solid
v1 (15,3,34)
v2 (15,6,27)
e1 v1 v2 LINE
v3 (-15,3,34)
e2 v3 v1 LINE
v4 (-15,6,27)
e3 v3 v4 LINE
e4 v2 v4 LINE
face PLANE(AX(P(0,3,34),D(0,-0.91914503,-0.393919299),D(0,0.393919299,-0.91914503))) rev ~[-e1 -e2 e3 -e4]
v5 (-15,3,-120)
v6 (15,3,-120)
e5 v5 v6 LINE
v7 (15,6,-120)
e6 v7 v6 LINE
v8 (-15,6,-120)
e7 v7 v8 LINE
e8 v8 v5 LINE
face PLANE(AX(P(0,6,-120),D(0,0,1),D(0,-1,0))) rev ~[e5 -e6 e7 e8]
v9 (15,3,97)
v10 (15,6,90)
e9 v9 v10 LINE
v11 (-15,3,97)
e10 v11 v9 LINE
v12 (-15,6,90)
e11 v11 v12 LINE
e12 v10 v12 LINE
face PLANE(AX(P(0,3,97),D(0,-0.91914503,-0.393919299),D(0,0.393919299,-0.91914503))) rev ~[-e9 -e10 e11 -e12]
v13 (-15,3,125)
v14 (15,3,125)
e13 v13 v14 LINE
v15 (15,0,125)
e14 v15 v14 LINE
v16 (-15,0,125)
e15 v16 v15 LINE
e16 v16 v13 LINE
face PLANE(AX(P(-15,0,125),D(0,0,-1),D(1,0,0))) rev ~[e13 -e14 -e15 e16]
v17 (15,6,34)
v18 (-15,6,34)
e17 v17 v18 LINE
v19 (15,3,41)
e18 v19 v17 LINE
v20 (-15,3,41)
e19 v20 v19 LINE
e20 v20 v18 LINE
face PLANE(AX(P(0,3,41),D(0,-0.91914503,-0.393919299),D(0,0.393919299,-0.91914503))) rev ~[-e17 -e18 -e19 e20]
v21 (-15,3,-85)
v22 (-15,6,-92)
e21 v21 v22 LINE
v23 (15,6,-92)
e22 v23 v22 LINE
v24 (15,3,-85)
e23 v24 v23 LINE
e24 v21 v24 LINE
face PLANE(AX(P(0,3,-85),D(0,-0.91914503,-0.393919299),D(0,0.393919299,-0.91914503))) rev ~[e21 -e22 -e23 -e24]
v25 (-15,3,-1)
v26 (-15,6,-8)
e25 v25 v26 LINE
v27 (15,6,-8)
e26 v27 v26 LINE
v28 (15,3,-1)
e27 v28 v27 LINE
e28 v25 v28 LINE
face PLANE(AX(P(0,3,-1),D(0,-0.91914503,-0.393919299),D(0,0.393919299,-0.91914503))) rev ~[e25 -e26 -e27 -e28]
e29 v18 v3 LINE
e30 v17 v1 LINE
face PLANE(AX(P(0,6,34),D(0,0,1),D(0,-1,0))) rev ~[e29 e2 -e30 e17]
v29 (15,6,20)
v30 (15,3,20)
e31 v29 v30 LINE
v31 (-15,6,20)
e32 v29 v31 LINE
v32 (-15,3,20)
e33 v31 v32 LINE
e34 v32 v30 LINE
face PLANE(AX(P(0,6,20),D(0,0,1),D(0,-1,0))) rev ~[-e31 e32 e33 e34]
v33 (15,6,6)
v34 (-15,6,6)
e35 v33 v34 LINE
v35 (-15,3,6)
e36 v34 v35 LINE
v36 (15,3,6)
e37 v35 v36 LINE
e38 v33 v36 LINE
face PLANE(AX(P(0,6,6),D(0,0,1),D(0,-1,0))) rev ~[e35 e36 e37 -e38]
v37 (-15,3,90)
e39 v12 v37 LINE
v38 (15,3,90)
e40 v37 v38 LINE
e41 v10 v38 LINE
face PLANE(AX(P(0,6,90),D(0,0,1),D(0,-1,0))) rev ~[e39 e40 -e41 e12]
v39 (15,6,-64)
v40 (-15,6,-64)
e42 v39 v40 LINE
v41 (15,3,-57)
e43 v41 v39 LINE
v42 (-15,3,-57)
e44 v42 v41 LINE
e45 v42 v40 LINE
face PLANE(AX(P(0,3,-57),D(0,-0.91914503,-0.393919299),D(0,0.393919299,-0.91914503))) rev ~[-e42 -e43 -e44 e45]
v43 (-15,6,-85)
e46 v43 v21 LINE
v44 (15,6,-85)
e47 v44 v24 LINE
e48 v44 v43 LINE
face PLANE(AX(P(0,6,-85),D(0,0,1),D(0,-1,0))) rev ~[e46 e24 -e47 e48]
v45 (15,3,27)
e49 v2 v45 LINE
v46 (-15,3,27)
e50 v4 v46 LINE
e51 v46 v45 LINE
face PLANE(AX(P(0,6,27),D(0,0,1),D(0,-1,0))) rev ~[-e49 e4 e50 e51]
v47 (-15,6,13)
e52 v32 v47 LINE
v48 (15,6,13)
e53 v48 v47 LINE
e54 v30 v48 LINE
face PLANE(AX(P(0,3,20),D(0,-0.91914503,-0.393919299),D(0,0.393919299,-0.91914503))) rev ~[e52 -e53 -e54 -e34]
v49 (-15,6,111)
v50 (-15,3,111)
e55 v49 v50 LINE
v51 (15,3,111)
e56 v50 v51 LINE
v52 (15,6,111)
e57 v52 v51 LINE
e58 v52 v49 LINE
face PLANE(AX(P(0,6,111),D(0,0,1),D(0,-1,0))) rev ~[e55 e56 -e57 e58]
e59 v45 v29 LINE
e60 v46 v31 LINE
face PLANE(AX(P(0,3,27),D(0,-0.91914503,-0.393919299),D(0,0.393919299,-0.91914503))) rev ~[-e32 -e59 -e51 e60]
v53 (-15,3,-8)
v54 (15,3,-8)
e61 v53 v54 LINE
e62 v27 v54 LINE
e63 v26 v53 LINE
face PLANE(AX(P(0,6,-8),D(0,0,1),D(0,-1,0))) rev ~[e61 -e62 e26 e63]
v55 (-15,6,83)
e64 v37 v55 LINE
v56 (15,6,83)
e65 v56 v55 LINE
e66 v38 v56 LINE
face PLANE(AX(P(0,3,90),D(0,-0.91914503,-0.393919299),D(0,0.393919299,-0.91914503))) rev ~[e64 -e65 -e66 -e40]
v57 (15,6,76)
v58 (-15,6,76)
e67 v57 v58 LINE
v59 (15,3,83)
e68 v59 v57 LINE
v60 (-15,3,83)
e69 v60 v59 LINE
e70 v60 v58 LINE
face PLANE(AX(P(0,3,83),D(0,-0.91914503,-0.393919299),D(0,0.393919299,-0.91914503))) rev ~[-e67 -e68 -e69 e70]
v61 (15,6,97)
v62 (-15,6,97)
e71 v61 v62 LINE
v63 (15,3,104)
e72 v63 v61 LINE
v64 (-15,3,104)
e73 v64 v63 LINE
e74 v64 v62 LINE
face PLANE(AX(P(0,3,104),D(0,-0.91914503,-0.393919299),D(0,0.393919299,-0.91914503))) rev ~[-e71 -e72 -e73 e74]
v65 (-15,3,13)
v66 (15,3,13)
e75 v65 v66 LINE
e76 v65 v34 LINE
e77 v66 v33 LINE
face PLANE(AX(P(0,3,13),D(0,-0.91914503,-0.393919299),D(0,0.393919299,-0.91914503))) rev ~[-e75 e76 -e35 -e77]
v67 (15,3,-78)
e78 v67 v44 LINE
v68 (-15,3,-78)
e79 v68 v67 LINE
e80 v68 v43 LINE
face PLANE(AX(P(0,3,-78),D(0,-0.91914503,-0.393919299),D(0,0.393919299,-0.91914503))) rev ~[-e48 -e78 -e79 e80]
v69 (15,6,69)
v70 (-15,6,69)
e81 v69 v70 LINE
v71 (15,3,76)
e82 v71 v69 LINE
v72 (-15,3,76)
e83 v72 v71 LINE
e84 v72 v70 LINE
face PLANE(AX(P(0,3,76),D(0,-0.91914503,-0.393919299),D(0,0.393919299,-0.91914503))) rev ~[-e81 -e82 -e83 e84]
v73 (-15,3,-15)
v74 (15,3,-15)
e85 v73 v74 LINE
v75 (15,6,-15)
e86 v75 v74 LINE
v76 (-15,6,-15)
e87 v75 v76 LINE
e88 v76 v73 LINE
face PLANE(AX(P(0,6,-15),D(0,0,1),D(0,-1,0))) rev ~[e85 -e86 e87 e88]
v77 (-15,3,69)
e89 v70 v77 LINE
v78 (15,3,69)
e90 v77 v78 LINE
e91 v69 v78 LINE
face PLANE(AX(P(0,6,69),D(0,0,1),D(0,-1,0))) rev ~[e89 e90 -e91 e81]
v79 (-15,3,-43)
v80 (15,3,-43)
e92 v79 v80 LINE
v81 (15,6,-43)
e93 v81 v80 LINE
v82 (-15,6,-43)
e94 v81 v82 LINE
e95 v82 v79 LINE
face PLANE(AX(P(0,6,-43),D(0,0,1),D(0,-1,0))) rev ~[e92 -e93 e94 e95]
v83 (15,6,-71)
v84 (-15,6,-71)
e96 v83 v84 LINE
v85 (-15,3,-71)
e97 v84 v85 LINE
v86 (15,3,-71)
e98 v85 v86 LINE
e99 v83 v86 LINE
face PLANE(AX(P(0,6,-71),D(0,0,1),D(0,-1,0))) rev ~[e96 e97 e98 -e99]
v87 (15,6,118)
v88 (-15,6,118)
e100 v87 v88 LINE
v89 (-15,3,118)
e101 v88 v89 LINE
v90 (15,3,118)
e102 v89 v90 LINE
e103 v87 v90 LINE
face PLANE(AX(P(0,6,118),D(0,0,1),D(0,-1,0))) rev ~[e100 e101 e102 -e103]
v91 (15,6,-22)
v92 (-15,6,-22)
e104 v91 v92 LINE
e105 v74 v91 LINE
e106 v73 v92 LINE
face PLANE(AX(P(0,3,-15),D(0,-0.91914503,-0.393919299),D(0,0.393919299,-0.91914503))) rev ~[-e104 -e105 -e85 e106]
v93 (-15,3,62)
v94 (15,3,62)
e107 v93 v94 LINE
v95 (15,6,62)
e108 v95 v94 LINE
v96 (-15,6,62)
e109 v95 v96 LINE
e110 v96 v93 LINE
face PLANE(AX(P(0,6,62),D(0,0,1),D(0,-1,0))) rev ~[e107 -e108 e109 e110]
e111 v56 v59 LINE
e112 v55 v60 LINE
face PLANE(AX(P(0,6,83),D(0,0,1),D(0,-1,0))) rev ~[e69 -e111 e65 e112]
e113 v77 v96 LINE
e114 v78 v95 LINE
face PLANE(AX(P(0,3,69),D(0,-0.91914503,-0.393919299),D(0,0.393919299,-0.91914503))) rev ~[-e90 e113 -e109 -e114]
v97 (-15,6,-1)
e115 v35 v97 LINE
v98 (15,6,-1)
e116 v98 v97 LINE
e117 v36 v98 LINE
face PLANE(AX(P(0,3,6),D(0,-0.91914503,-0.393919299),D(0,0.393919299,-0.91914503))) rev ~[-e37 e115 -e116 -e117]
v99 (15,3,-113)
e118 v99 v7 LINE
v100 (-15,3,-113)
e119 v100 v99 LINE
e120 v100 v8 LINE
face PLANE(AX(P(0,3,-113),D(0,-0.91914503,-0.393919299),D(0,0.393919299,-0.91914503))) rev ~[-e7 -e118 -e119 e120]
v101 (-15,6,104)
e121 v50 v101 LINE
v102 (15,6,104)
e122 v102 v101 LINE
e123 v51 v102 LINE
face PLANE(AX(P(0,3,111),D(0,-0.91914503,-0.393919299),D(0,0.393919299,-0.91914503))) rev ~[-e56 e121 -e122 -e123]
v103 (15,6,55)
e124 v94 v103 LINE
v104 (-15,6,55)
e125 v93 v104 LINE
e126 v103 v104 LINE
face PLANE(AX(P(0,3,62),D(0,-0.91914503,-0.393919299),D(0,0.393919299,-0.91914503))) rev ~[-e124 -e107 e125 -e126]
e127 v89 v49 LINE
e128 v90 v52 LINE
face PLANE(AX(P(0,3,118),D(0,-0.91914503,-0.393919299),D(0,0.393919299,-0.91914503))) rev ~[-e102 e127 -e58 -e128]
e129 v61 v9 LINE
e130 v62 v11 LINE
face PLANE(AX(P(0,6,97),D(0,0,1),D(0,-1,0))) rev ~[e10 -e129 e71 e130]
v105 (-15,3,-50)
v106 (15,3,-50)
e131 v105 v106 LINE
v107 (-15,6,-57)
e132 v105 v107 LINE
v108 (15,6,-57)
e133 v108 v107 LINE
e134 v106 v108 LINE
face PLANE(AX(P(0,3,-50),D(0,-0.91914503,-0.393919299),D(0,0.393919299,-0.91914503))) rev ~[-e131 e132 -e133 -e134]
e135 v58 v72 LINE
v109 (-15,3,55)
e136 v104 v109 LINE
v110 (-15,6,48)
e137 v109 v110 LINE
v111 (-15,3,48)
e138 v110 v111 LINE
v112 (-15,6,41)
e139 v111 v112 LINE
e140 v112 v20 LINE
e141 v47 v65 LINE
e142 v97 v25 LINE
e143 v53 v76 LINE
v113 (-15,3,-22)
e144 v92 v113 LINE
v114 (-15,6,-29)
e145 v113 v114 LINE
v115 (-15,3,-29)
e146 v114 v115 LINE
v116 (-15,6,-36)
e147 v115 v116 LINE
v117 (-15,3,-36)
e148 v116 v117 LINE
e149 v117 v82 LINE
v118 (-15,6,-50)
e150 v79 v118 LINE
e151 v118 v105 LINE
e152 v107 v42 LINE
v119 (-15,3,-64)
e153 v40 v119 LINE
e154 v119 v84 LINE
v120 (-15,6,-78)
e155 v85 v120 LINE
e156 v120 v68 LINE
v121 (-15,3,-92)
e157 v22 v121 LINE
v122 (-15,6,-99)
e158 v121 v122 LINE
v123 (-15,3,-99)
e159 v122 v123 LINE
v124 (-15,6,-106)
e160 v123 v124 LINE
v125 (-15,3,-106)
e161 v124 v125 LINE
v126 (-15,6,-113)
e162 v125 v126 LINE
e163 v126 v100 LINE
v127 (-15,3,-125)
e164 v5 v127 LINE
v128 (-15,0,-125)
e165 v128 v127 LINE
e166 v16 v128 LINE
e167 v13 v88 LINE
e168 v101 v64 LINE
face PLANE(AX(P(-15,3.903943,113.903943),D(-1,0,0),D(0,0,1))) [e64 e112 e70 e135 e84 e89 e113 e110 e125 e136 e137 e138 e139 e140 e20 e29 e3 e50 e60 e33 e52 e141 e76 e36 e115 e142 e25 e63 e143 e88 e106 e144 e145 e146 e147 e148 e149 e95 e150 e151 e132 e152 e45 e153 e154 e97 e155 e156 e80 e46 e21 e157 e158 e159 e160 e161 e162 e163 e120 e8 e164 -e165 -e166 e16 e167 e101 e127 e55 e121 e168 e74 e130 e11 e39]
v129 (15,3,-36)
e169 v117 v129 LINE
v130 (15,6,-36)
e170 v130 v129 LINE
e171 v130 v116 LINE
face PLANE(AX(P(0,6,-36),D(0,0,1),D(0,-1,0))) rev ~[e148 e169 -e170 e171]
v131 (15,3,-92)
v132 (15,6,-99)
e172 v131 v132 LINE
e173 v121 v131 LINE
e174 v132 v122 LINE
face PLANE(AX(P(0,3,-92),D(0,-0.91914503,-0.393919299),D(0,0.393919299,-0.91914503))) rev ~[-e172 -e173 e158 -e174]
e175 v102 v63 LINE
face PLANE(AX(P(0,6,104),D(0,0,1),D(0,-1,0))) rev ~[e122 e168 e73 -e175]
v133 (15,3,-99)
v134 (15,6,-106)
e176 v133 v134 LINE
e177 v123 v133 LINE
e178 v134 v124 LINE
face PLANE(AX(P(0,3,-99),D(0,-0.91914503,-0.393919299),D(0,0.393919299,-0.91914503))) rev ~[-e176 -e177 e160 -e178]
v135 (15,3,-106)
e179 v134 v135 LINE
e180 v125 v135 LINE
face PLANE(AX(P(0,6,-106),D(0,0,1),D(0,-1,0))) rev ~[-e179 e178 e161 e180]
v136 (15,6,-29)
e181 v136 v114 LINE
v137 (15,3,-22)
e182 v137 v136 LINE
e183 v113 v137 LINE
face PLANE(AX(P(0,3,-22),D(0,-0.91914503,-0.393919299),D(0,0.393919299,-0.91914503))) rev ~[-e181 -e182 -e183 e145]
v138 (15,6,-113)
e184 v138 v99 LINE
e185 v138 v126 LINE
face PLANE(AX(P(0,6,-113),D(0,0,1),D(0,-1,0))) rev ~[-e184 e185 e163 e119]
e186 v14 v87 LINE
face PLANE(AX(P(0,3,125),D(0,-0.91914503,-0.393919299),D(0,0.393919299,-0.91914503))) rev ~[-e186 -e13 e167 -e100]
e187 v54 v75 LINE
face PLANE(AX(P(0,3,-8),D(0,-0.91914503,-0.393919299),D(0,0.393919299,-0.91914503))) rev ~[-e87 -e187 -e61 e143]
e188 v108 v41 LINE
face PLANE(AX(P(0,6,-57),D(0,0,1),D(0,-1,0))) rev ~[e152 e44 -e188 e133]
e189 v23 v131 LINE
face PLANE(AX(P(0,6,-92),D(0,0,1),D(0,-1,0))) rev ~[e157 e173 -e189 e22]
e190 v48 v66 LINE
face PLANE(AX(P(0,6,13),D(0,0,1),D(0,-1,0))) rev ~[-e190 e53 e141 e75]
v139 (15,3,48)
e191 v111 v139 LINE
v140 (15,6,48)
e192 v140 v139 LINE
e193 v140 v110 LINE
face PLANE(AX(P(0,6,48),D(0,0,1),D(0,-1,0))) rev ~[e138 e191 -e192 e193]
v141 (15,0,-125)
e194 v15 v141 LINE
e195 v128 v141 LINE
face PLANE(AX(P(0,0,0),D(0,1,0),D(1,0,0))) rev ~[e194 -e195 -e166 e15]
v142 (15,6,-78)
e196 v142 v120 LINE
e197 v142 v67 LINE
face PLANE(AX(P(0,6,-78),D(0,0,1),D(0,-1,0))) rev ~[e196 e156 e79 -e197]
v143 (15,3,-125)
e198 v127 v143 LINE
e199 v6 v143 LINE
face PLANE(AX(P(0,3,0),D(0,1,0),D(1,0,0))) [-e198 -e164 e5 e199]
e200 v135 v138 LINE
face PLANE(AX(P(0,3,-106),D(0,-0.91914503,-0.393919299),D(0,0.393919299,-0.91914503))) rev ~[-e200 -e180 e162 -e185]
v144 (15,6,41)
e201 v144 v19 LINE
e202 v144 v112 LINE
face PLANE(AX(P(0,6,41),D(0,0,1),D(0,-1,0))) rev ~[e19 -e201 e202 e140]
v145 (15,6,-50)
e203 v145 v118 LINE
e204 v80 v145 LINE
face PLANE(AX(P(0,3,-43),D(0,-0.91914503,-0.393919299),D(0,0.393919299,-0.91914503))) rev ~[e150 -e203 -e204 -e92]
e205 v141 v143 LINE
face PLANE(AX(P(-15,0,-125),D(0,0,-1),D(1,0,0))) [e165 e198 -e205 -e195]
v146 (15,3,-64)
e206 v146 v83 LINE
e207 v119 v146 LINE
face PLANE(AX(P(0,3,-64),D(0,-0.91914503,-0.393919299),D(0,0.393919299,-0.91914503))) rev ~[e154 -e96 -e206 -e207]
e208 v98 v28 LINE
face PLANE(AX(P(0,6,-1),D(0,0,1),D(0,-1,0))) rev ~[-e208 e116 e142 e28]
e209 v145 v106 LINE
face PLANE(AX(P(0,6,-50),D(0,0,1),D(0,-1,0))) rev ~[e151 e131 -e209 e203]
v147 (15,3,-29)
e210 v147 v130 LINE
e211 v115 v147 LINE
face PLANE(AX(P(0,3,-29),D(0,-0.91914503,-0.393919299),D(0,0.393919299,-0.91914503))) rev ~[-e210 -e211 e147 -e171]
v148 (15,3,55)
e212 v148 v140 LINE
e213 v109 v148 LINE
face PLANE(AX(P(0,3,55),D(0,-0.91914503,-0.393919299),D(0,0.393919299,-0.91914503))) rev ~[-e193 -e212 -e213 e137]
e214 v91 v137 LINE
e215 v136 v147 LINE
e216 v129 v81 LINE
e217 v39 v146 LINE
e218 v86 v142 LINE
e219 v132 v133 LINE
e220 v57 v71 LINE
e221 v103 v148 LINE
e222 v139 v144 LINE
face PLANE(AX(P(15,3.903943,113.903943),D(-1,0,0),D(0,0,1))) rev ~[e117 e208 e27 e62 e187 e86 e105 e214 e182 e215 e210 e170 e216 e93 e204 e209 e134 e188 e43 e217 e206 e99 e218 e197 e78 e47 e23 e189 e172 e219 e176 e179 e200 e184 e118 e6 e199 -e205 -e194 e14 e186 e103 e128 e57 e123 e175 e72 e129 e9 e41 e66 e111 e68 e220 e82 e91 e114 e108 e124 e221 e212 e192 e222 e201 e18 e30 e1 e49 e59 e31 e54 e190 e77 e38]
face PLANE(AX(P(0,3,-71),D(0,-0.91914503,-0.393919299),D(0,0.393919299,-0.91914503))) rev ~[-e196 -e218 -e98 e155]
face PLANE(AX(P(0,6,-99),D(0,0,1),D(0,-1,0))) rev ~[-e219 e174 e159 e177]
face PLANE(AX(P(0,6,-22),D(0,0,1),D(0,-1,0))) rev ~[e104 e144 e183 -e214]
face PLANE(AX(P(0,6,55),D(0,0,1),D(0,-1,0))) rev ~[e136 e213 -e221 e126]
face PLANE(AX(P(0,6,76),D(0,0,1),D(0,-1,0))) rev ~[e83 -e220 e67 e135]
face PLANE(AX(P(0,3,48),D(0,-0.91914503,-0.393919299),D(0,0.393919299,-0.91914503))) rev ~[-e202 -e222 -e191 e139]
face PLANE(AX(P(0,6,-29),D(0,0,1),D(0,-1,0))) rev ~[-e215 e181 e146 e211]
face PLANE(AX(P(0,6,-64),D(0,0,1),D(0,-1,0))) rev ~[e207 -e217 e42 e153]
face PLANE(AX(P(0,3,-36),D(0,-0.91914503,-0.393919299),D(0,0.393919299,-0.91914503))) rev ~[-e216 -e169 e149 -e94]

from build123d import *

# Parameters (mm, degrees)
SKETCH_1_W             = 30
SKETCH_1_H             = 250
EXTRUDE_1_DEPTH        = 3
EXTRUDE_2_DEPTH        = 15
PATTERN_LINEAR_1_COUNT = 35
PATTERN_LINEAR_1_PITCH = 7


with BuildPart() as part:
    # 스케치1 → 보스-돌출1 (new body)
    with BuildSketch(Plane(origin=(0, 0, 0), x_dir=(1, 0, 0), z_dir=(0, 1, 0))):
        Rectangle(SKETCH_1_W, SKETCH_1_H)
    extrude(amount=EXTRUDE_1_DEPTH)

    # 스케치3 → 보스-돌출2 (add, symmetric)
    with BuildSketch(Plane(origin=(0, 0, 0), x_dir=(0, 0, -1), z_dir=(1, 0, 0))):
        Polygon((-125, 3), (-118, 6), (-118, 3), align=None)
    extrude_2 = extrude(amount=EXTRUDE_2_DEPTH, both=True)

    # 선형 패턴1: 보스-돌출2 ×35
    with Locations(*[(0, 0, -i * PATTERN_LINEAR_1_PITCH) for i in range(1, PATTERN_LINEAR_1_COUNT)]):
        add(extrude_2)


solid = part.part
